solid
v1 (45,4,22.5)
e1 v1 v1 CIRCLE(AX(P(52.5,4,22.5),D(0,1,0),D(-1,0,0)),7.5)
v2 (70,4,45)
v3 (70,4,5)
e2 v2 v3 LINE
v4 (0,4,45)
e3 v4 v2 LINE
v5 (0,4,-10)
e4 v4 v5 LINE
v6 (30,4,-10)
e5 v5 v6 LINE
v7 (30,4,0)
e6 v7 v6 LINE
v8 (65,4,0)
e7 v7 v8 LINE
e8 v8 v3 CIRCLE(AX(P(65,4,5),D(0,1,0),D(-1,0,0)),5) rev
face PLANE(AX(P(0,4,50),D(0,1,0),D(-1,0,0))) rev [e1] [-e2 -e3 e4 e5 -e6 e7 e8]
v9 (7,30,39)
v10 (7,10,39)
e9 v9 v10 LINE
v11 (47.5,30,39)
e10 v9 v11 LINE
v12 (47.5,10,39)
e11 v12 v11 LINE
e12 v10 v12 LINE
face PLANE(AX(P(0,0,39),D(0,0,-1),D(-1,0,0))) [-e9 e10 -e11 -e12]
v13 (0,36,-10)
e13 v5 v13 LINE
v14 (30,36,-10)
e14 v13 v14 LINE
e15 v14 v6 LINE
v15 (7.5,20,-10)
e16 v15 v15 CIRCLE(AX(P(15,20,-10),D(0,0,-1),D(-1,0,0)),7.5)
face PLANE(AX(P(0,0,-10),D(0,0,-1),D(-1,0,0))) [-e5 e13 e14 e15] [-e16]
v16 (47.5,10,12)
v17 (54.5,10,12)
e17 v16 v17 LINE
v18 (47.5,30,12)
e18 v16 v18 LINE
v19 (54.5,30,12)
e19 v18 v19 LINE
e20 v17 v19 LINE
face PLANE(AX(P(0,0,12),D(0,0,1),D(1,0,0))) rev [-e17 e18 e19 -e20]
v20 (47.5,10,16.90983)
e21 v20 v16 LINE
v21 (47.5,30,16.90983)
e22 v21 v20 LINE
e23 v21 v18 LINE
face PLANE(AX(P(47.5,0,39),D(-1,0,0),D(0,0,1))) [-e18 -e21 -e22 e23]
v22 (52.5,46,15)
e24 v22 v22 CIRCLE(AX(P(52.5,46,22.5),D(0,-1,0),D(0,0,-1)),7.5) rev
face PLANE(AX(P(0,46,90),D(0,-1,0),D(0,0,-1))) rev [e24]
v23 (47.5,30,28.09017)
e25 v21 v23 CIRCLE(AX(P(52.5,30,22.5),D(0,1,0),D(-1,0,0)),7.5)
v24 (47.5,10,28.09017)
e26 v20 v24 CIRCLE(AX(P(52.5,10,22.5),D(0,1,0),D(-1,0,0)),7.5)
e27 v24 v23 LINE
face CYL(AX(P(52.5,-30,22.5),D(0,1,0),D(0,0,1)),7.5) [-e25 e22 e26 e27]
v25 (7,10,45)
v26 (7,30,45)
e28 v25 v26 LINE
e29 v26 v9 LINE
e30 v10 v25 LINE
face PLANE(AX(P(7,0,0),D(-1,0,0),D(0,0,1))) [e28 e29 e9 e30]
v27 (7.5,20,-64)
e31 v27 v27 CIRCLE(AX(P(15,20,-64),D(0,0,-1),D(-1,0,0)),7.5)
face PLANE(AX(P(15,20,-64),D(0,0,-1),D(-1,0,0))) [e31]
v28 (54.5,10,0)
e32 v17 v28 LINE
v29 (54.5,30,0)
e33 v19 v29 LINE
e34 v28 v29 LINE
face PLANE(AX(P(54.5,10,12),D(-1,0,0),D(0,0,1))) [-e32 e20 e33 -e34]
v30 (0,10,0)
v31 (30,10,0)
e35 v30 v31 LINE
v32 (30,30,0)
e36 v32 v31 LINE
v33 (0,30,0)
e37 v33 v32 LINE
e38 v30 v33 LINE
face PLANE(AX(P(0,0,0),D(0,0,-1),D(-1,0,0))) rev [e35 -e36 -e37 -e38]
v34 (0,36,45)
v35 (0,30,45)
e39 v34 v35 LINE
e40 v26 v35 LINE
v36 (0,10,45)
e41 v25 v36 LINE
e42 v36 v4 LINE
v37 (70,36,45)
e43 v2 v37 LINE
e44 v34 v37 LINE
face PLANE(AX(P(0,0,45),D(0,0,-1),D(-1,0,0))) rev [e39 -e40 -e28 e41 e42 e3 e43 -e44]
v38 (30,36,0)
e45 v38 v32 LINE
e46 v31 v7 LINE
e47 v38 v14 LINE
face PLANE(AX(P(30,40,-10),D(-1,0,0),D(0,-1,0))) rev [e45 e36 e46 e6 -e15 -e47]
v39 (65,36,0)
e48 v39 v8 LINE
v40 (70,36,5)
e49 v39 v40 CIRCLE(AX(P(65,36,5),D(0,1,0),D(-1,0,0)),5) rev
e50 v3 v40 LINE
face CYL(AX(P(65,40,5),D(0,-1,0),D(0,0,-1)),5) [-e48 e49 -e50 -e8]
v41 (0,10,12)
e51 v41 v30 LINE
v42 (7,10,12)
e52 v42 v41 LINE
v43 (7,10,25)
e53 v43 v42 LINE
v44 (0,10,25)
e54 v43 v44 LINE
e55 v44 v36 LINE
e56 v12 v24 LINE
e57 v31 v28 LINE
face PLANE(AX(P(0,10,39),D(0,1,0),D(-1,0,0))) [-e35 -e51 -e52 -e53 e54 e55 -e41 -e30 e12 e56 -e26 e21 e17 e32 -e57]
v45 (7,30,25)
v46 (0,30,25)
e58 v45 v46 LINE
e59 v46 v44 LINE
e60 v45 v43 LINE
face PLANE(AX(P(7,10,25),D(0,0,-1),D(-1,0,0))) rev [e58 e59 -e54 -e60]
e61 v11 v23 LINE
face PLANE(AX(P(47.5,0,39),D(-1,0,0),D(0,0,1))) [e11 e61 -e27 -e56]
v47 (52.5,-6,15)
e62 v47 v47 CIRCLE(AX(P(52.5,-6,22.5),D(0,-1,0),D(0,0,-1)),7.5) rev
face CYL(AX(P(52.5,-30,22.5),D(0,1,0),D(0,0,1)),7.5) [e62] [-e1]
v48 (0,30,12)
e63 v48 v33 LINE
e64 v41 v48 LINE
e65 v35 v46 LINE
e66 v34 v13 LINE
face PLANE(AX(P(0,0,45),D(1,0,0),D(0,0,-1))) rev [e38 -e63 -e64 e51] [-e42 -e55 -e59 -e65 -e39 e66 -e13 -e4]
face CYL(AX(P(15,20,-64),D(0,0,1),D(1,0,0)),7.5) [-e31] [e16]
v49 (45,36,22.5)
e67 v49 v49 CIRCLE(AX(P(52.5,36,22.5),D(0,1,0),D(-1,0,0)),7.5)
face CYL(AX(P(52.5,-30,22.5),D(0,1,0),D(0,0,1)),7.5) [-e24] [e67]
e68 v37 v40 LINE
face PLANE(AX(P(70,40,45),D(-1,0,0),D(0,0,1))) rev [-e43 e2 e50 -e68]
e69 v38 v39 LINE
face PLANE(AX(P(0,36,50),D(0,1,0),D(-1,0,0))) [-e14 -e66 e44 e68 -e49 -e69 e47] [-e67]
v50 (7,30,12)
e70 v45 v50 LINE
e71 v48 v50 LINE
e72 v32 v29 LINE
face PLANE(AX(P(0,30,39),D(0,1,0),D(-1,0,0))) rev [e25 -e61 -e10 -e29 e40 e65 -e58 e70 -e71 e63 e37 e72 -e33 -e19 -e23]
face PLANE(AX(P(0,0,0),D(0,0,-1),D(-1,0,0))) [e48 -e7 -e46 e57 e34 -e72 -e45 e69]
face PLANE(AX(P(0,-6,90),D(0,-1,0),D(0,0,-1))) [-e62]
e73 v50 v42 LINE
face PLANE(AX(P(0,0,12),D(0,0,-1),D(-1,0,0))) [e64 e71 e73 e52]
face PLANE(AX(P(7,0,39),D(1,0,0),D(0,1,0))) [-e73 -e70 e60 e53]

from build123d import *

# Parameters (mm, degrees)
CROQUIS2_W              = 70
CROQUIS2_H              = 40
SALIENTE_EXTRUIR1_DEPTH = 45
CROQUIS3_W              = 40.5
CROQUIS3_H              = 20
CORTAR_EXTRUIR1_DEPTH   = 39
CROQUIS4_W              = 7
CROQUIS4_H              = 20
CORTAR_EXTRUIR2_DEPTH   = 12
CROQUIS5_W              = 20
CROQUIS5_H              = 20
CORTAR_EXTRUIR4_DEPTH   = 7
CROQUIS6_R              = 7.5
SALIENTE_EXTRUIR3_DEPTH = 30
CROQUIS8_R              = 7.5
SALIENTE_EXTRUIR4_DEPTH = 30
CROQUIS9_W              = 30
CROQUIS9_H              = 40
SALIENTE_EXTRUIR5_DEPTH = 10
CROQUIS10_R             = 7.5
SALIENTE_EXTRUIR6_DEPTH = 54
REDONDEO1_R             = 5
CROQUIS11_W             = 42.231434226
CROQUIS11_H             = 4
CROQUIS11_W_2           = 30
CORTAR_EXTRUIR7_DEPTH   = 60
CROQUIS12_R             = 7.5
SALIENTE_EXTRUIR7_DEPTH = 100
CROQUIS13_W             = 75.549853641
CROQUIS13_H             = 40.129267471
CORTAR_EXTRUIR8_DEPTH   = 100


with BuildPart() as part:
    # Croquis2 → Saliente-Extruir1 (new body)
    with BuildSketch(Plane.XY):
        with Locations((35, 20)):
            Rectangle(CROQUIS2_W, CROQUIS2_H)
    extrude(amount=SALIENTE_EXTRUIR1_DEPTH)

    # Croquis3 → Cortar-Extruir1 (cut)
    with BuildSketch(Plane(origin=(0, 0, 0), x_dir=(-1, 0, 0), z_dir=(0, 0, -1))):
        with Locations((-27.25, 20)):
            Rectangle(CROQUIS3_W, CROQUIS3_H)
    extrude(amount=-CORTAR_EXTRUIR1_DEPTH, mode=Mode.SUBTRACT)

    # Croquis4 → Cortar-Extruir2 (cut)
    with BuildSketch(Plane(origin=(0, 0, 0), x_dir=(-1, 0, 0), z_dir=(0, 0, -1))):
        with Locations((-3.5, 20)):
            Rectangle(CROQUIS4_W, CROQUIS4_H)
        with Locations((-51, 20)):
            Rectangle(CROQUIS4_W, CROQUIS4_H)
    extrude(amount=-CORTAR_EXTRUIR2_DEPTH, mode=Mode.SUBTRACT)

    # Croquis5 → Cortar-Extruir4 (cut)
    with BuildSketch(Plane.ZY):
        with Locations((35, 20)):
            Rectangle(CROQUIS5_W, CROQUIS5_H)
    extrude(amount=-CORTAR_EXTRUIR4_DEPTH, mode=Mode.SUBTRACT)

    # Croquis6 → Saliente-Extruir3 (add)
    with BuildSketch(Plane(origin=(0, 40, 0), x_dir=(1, 0, 0), z_dir=(0, 1, 0))):
        with Locations((52.5, -22.5)):
            Circle(CROQUIS6_R)
    extrude(amount=SALIENTE_EXTRUIR3_DEPTH)

    # Croquis8 → Saliente-Extruir4 (add)
    with BuildSketch(Plane.XZ):
        with Locations((52.5, 22.5)):
            Circle(CROQUIS8_R)
    extrude(amount=SALIENTE_EXTRUIR4_DEPTH)

    # Croquis9 → Saliente-Extruir5 (add)
    with BuildSketch(Plane(origin=(0, 0, 0), x_dir=(-1, 0, 0), z_dir=(0, 0, -1))):
        with Locations((-15, 20)):
            Rectangle(CROQUIS9_W, CROQUIS9_H)
    extrude(amount=SALIENTE_EXTRUIR5_DEPTH)

    # Croquis10 → Saliente-Extruir6 (add)
    with BuildSketch(Plane(origin=(0, 0, -10), x_dir=(-1, 0, 0), z_dir=(0, 0, -1))):
        with Locations((-15, 20)):
            Circle(CROQUIS10_R)
    extrude(amount=SALIENTE_EXTRUIR6_DEPTH)

    # Redondeo1
    redondeo1_edges = [part.edges().sort_by_distance(p)[0] for p in [
        (70, 20, 0),
    ]]
    fillet(redondeo1_edges, radius=REDONDEO1_R)

    # Croquis11 → Cortar-Extruir7 (cut)
    with BuildSketch(Plane(origin=(0, 0, -10), x_dir=(-1, 0, 0), z_dir=(0, 0, -1))):
        with Locations((-51.115717113, 2)):
            Rectangle(CROQUIS11_W, CROQUIS11_H)
        with Locations((-51.115717113, 38)):
            Rectangle(CROQUIS11_W, CROQUIS11_H)
        with Locations((-15, 38)):
            Rectangle(CROQUIS11_W_2, CROQUIS11_H)
        with Locations((-15, 2)):
            Rectangle(CROQUIS11_W_2, CROQUIS11_H)
    extrude(amount=-CORTAR_EXTRUIR7_DEPTH, mode=Mode.SUBTRACT)

    # Croquis12 → Saliente-Extruir7 (add)
    with BuildSketch(Plane(origin=(0, 70, 0), x_dir=(1, 0, 0), z_dir=(0, 1, 0))):
        with Locations((52.5, -22.5)):
            Circle(CROQUIS12_R)
    extrude(amount=-SALIENTE_EXTRUIR7_DEPTH)

    # Croquis13 → Cortar-Extruir8 (cut)
    with BuildSketch(Plane(origin=(0, 0, -10), x_dir=(-1, 0, 0), z_dir=(0, 0, -1))):
        with Locations((-37.77492682, -26.064633736)):
            Rectangle(CROQUIS13_W, CROQUIS13_H)
        with Locations((-37.77492682, 66.064633735)):
            Rectangle(CROQUIS13_W, CROQUIS13_H)
    extrude(amount=-CORTAR_EXTRUIR8_DEPTH, mode=Mode.SUBTRACT)


solid = part.part
